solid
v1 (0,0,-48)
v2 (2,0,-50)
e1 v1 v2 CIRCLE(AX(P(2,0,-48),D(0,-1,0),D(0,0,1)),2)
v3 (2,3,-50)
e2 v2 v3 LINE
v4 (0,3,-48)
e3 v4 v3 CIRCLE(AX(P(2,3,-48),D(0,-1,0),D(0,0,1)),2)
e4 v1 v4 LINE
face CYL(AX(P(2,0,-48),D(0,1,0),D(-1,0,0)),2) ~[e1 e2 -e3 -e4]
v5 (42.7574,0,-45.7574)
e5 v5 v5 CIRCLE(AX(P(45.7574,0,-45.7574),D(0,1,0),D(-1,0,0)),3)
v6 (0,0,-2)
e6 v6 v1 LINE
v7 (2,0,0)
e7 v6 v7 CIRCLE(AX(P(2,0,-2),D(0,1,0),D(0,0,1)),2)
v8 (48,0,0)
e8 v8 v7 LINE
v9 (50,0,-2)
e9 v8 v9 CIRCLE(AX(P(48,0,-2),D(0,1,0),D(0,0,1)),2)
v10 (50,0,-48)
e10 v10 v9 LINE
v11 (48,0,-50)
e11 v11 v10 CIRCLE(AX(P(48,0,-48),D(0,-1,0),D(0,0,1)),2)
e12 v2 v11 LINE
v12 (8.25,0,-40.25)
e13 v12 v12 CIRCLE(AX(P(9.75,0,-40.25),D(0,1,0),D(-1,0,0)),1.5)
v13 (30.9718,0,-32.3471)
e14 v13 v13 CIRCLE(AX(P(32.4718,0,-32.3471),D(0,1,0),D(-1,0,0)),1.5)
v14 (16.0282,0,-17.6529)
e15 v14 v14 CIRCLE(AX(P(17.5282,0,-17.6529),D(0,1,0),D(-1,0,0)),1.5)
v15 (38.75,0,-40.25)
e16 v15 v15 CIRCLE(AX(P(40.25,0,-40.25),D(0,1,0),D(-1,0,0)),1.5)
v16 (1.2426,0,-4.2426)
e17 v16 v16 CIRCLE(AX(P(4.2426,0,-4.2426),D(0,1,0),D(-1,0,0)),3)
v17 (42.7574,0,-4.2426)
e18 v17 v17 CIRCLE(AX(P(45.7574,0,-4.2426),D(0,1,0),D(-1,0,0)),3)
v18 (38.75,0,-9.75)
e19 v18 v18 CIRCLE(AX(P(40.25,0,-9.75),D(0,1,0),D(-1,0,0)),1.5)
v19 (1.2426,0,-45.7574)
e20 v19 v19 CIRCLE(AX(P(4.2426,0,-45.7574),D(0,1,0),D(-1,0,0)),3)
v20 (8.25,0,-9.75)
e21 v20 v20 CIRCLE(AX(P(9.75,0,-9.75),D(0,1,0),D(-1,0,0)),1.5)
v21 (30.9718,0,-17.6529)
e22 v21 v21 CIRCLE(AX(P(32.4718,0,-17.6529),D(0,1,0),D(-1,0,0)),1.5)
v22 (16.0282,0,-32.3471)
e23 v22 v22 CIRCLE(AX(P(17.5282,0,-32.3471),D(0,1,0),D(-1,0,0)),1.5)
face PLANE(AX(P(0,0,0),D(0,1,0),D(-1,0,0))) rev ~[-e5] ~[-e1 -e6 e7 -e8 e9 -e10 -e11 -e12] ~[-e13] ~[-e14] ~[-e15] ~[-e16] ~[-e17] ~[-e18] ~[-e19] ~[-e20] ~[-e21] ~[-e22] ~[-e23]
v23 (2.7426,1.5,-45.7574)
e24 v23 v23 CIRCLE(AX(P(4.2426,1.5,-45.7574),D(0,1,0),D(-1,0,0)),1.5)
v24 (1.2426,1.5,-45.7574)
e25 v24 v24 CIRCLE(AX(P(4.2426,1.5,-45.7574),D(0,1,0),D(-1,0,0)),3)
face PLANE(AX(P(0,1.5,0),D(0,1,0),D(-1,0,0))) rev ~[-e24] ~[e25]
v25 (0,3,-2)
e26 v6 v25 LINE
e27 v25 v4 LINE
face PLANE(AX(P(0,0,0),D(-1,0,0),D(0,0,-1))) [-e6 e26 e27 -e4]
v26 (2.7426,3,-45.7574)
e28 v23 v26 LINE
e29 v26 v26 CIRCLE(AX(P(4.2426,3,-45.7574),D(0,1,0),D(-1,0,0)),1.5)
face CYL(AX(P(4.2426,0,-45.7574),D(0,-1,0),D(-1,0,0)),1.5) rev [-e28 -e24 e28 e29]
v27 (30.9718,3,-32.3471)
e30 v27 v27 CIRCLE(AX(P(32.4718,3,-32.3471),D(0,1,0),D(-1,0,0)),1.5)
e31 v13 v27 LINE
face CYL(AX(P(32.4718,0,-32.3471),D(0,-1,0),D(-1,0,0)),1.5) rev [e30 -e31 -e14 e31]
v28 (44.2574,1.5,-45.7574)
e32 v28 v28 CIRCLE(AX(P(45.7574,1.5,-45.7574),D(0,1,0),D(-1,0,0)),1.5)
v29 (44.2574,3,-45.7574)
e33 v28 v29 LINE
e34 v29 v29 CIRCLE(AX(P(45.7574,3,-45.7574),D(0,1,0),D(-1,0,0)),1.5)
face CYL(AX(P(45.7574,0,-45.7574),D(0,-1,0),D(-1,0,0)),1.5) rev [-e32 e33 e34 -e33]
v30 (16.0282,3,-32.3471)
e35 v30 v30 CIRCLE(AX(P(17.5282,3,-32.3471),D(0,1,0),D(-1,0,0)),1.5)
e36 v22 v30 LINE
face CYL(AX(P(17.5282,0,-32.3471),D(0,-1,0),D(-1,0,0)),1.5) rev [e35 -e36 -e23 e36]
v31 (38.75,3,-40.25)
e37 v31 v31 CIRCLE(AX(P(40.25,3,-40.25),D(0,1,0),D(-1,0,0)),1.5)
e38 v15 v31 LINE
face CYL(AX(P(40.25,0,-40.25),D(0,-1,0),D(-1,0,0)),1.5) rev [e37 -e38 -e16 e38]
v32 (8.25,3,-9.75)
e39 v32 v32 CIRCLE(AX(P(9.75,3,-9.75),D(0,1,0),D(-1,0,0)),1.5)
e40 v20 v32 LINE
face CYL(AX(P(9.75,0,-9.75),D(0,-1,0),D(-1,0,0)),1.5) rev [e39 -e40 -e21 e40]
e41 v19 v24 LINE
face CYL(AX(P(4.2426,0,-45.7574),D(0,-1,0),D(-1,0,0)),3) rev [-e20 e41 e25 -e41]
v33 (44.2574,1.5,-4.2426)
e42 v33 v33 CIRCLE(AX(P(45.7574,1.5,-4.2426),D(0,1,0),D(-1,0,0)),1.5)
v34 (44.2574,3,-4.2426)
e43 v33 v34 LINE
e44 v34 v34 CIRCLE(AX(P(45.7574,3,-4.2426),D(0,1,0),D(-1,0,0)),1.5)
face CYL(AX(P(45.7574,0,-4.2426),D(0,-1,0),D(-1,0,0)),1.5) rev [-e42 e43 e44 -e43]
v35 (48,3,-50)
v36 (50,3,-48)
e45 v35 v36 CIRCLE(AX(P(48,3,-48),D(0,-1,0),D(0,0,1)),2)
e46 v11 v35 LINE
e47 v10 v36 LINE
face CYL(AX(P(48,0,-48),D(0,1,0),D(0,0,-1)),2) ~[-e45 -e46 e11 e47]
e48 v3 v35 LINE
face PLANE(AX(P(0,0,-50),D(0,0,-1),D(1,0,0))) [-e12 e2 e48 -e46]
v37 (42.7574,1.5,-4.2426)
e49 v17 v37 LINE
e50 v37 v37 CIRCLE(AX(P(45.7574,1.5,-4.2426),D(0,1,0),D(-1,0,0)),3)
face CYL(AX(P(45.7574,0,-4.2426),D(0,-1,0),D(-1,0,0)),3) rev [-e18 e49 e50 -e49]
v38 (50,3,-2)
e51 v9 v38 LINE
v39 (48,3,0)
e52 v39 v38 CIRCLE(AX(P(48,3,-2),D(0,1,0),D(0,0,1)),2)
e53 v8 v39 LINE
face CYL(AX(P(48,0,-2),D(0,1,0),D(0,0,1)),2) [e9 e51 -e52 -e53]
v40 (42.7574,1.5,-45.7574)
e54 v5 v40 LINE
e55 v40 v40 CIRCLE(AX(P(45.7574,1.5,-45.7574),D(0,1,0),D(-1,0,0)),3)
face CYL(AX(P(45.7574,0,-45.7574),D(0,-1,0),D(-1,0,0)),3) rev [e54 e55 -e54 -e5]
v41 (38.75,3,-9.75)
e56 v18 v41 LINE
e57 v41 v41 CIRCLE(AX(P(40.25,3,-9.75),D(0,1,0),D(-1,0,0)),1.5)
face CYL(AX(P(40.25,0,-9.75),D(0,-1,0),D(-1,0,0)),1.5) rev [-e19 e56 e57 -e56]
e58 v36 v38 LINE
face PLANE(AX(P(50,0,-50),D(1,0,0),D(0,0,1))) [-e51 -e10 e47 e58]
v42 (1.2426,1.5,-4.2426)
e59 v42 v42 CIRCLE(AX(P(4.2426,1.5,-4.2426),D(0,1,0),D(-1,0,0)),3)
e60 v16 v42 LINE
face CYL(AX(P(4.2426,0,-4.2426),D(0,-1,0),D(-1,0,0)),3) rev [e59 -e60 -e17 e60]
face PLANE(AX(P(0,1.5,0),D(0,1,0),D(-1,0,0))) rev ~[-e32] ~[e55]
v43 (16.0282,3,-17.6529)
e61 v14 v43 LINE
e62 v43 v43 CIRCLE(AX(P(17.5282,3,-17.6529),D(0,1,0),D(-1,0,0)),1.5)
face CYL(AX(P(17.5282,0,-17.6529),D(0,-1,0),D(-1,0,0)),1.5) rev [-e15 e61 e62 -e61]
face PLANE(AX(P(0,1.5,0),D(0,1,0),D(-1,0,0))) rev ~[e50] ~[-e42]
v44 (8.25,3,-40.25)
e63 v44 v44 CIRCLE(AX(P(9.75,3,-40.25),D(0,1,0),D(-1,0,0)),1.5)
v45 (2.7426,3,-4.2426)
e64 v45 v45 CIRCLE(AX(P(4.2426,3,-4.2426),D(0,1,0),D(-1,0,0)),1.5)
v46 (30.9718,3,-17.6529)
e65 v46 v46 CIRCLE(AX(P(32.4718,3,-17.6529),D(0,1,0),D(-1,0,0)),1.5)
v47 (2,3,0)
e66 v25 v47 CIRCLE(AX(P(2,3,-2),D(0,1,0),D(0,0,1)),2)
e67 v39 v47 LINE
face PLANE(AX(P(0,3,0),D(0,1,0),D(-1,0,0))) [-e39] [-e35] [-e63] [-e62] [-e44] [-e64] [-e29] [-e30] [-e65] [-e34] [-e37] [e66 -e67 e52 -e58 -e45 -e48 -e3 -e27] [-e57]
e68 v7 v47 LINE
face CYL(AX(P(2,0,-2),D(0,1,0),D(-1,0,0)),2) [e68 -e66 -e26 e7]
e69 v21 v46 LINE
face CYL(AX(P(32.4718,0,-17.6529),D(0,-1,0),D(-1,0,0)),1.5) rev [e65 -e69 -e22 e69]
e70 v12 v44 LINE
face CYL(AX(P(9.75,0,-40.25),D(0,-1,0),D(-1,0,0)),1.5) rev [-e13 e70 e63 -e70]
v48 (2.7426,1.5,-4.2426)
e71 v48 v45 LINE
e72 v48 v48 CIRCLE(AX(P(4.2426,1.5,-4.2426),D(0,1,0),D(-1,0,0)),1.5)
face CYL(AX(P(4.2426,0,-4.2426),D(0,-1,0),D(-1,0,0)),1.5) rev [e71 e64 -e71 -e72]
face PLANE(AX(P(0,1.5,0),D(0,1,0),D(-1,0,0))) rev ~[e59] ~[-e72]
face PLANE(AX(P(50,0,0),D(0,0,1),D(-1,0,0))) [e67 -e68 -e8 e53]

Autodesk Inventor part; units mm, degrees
ref_plane "YZ Plane" through (0, 0, 0) normal (1, 0, 0) x (0, 1, 0)
ref_plane "XZ Plane" through (0, 0, 0) normal (0, 1, 0) x (-1, 0, 0)
ref_plane "XY Plane" through (0, 0, 0) normal (0, 0, 1) x (1, 0, 0)
sketch "Sketch1" plane through (0, 0, 0) normal (0, 1, 0) x (-1, 0, 0)
  circle A0 centre (-17.5282, -17.6529) radius 1.5
  circle A1 centre (-32.4718, -17.6529) radius 1.5
  circle A2 centre (-32.4718, -32.3471) radius 1.5
  circle A3 centre (-40.25, -40.25) radius 1.5
  circle A4 centre (-40.25, -9.75) radius 1.5
  circle A5 centre (-17.5282, -32.3471) radius 1.5
  circle A6 centre (-9.75, -40.25) radius 1.5
  circle A7 centre (-9.75, -9.75) radius 1.5
  line L0 (0, 0) -> (0, -50)
  line L1 (0, -50) -> (-50, -50)
  line L2 (-50, -50) -> (-50, 0)
  line L3 (-50, 0) -> (0, 0)
  circle A8 centre (-4.2426, -4.2426) radius 1.5
  circle A9 centre (-4.2426, -45.7574) radius 1.5
  circle A10 centre (-45.7574, -45.7574) radius 1.5
  circle A11 centre (-45.7574, -4.2426) radius 1.5
  circle A12 centre (-6.6113, -80.0791) radius 3
  circle A13 centre (-15.9332, -80.0791) radius 3
  line L4 (-3.9183, -85.1543) -> (-3.9183, -133.5246) construction
  line L5 (-3.9183, -133.5246) -> (-20.8013, -133.5246) construction
  line L6 (-20.8013, -133.5246) -> (-20.8013, -85.1543) construction
  line L7 (-20.8013, -85.1543) -> (-3.9183, -85.1543) construction
  circle A14 centre (-4.2426, -4.2426) radius 3
  circle A15 centre (-4.2426, -45.7574) radius 3
  circle A16 centre (-45.7574, -45.7574) radius 3
  circle A17 centre (-45.7574, -4.2426) radius 3
  dimension "d2" = 3
  dimension "d3" = 3
  dimension "d4" = 3
  dimension "d5" = 3
  dimension "d6" = 50
  dimension "d7" = 50
  dimension "d12" = 3
  dimension "d13" = 3
  dimension "d14" = 3
  dimension "d15" = 3
  dimension "d16" = 6
  dimension "d17" = 6
  dimension "d21" = 6
  dimension "d22" = 6
  dimension "d23" = 6
  dimension "d24" = 6
extrude "Extrusion1" add sketch "Sketch1" along normal blind 3 contours L0 L1 L2 L3 | A14 | A15 | A16 | A17
fillet "Fillet1" radius 2 4 edges at (0, 1.5, -50) (50, 1.5, -50) (50, 1.5, 0) (0, 1.5, 0)
extrude "Extrusion2" cut sketch "Sketch1" along normal blind 1.5 contours A14 | A15 | A16 | A17
properties part number "Topp 2.1"
